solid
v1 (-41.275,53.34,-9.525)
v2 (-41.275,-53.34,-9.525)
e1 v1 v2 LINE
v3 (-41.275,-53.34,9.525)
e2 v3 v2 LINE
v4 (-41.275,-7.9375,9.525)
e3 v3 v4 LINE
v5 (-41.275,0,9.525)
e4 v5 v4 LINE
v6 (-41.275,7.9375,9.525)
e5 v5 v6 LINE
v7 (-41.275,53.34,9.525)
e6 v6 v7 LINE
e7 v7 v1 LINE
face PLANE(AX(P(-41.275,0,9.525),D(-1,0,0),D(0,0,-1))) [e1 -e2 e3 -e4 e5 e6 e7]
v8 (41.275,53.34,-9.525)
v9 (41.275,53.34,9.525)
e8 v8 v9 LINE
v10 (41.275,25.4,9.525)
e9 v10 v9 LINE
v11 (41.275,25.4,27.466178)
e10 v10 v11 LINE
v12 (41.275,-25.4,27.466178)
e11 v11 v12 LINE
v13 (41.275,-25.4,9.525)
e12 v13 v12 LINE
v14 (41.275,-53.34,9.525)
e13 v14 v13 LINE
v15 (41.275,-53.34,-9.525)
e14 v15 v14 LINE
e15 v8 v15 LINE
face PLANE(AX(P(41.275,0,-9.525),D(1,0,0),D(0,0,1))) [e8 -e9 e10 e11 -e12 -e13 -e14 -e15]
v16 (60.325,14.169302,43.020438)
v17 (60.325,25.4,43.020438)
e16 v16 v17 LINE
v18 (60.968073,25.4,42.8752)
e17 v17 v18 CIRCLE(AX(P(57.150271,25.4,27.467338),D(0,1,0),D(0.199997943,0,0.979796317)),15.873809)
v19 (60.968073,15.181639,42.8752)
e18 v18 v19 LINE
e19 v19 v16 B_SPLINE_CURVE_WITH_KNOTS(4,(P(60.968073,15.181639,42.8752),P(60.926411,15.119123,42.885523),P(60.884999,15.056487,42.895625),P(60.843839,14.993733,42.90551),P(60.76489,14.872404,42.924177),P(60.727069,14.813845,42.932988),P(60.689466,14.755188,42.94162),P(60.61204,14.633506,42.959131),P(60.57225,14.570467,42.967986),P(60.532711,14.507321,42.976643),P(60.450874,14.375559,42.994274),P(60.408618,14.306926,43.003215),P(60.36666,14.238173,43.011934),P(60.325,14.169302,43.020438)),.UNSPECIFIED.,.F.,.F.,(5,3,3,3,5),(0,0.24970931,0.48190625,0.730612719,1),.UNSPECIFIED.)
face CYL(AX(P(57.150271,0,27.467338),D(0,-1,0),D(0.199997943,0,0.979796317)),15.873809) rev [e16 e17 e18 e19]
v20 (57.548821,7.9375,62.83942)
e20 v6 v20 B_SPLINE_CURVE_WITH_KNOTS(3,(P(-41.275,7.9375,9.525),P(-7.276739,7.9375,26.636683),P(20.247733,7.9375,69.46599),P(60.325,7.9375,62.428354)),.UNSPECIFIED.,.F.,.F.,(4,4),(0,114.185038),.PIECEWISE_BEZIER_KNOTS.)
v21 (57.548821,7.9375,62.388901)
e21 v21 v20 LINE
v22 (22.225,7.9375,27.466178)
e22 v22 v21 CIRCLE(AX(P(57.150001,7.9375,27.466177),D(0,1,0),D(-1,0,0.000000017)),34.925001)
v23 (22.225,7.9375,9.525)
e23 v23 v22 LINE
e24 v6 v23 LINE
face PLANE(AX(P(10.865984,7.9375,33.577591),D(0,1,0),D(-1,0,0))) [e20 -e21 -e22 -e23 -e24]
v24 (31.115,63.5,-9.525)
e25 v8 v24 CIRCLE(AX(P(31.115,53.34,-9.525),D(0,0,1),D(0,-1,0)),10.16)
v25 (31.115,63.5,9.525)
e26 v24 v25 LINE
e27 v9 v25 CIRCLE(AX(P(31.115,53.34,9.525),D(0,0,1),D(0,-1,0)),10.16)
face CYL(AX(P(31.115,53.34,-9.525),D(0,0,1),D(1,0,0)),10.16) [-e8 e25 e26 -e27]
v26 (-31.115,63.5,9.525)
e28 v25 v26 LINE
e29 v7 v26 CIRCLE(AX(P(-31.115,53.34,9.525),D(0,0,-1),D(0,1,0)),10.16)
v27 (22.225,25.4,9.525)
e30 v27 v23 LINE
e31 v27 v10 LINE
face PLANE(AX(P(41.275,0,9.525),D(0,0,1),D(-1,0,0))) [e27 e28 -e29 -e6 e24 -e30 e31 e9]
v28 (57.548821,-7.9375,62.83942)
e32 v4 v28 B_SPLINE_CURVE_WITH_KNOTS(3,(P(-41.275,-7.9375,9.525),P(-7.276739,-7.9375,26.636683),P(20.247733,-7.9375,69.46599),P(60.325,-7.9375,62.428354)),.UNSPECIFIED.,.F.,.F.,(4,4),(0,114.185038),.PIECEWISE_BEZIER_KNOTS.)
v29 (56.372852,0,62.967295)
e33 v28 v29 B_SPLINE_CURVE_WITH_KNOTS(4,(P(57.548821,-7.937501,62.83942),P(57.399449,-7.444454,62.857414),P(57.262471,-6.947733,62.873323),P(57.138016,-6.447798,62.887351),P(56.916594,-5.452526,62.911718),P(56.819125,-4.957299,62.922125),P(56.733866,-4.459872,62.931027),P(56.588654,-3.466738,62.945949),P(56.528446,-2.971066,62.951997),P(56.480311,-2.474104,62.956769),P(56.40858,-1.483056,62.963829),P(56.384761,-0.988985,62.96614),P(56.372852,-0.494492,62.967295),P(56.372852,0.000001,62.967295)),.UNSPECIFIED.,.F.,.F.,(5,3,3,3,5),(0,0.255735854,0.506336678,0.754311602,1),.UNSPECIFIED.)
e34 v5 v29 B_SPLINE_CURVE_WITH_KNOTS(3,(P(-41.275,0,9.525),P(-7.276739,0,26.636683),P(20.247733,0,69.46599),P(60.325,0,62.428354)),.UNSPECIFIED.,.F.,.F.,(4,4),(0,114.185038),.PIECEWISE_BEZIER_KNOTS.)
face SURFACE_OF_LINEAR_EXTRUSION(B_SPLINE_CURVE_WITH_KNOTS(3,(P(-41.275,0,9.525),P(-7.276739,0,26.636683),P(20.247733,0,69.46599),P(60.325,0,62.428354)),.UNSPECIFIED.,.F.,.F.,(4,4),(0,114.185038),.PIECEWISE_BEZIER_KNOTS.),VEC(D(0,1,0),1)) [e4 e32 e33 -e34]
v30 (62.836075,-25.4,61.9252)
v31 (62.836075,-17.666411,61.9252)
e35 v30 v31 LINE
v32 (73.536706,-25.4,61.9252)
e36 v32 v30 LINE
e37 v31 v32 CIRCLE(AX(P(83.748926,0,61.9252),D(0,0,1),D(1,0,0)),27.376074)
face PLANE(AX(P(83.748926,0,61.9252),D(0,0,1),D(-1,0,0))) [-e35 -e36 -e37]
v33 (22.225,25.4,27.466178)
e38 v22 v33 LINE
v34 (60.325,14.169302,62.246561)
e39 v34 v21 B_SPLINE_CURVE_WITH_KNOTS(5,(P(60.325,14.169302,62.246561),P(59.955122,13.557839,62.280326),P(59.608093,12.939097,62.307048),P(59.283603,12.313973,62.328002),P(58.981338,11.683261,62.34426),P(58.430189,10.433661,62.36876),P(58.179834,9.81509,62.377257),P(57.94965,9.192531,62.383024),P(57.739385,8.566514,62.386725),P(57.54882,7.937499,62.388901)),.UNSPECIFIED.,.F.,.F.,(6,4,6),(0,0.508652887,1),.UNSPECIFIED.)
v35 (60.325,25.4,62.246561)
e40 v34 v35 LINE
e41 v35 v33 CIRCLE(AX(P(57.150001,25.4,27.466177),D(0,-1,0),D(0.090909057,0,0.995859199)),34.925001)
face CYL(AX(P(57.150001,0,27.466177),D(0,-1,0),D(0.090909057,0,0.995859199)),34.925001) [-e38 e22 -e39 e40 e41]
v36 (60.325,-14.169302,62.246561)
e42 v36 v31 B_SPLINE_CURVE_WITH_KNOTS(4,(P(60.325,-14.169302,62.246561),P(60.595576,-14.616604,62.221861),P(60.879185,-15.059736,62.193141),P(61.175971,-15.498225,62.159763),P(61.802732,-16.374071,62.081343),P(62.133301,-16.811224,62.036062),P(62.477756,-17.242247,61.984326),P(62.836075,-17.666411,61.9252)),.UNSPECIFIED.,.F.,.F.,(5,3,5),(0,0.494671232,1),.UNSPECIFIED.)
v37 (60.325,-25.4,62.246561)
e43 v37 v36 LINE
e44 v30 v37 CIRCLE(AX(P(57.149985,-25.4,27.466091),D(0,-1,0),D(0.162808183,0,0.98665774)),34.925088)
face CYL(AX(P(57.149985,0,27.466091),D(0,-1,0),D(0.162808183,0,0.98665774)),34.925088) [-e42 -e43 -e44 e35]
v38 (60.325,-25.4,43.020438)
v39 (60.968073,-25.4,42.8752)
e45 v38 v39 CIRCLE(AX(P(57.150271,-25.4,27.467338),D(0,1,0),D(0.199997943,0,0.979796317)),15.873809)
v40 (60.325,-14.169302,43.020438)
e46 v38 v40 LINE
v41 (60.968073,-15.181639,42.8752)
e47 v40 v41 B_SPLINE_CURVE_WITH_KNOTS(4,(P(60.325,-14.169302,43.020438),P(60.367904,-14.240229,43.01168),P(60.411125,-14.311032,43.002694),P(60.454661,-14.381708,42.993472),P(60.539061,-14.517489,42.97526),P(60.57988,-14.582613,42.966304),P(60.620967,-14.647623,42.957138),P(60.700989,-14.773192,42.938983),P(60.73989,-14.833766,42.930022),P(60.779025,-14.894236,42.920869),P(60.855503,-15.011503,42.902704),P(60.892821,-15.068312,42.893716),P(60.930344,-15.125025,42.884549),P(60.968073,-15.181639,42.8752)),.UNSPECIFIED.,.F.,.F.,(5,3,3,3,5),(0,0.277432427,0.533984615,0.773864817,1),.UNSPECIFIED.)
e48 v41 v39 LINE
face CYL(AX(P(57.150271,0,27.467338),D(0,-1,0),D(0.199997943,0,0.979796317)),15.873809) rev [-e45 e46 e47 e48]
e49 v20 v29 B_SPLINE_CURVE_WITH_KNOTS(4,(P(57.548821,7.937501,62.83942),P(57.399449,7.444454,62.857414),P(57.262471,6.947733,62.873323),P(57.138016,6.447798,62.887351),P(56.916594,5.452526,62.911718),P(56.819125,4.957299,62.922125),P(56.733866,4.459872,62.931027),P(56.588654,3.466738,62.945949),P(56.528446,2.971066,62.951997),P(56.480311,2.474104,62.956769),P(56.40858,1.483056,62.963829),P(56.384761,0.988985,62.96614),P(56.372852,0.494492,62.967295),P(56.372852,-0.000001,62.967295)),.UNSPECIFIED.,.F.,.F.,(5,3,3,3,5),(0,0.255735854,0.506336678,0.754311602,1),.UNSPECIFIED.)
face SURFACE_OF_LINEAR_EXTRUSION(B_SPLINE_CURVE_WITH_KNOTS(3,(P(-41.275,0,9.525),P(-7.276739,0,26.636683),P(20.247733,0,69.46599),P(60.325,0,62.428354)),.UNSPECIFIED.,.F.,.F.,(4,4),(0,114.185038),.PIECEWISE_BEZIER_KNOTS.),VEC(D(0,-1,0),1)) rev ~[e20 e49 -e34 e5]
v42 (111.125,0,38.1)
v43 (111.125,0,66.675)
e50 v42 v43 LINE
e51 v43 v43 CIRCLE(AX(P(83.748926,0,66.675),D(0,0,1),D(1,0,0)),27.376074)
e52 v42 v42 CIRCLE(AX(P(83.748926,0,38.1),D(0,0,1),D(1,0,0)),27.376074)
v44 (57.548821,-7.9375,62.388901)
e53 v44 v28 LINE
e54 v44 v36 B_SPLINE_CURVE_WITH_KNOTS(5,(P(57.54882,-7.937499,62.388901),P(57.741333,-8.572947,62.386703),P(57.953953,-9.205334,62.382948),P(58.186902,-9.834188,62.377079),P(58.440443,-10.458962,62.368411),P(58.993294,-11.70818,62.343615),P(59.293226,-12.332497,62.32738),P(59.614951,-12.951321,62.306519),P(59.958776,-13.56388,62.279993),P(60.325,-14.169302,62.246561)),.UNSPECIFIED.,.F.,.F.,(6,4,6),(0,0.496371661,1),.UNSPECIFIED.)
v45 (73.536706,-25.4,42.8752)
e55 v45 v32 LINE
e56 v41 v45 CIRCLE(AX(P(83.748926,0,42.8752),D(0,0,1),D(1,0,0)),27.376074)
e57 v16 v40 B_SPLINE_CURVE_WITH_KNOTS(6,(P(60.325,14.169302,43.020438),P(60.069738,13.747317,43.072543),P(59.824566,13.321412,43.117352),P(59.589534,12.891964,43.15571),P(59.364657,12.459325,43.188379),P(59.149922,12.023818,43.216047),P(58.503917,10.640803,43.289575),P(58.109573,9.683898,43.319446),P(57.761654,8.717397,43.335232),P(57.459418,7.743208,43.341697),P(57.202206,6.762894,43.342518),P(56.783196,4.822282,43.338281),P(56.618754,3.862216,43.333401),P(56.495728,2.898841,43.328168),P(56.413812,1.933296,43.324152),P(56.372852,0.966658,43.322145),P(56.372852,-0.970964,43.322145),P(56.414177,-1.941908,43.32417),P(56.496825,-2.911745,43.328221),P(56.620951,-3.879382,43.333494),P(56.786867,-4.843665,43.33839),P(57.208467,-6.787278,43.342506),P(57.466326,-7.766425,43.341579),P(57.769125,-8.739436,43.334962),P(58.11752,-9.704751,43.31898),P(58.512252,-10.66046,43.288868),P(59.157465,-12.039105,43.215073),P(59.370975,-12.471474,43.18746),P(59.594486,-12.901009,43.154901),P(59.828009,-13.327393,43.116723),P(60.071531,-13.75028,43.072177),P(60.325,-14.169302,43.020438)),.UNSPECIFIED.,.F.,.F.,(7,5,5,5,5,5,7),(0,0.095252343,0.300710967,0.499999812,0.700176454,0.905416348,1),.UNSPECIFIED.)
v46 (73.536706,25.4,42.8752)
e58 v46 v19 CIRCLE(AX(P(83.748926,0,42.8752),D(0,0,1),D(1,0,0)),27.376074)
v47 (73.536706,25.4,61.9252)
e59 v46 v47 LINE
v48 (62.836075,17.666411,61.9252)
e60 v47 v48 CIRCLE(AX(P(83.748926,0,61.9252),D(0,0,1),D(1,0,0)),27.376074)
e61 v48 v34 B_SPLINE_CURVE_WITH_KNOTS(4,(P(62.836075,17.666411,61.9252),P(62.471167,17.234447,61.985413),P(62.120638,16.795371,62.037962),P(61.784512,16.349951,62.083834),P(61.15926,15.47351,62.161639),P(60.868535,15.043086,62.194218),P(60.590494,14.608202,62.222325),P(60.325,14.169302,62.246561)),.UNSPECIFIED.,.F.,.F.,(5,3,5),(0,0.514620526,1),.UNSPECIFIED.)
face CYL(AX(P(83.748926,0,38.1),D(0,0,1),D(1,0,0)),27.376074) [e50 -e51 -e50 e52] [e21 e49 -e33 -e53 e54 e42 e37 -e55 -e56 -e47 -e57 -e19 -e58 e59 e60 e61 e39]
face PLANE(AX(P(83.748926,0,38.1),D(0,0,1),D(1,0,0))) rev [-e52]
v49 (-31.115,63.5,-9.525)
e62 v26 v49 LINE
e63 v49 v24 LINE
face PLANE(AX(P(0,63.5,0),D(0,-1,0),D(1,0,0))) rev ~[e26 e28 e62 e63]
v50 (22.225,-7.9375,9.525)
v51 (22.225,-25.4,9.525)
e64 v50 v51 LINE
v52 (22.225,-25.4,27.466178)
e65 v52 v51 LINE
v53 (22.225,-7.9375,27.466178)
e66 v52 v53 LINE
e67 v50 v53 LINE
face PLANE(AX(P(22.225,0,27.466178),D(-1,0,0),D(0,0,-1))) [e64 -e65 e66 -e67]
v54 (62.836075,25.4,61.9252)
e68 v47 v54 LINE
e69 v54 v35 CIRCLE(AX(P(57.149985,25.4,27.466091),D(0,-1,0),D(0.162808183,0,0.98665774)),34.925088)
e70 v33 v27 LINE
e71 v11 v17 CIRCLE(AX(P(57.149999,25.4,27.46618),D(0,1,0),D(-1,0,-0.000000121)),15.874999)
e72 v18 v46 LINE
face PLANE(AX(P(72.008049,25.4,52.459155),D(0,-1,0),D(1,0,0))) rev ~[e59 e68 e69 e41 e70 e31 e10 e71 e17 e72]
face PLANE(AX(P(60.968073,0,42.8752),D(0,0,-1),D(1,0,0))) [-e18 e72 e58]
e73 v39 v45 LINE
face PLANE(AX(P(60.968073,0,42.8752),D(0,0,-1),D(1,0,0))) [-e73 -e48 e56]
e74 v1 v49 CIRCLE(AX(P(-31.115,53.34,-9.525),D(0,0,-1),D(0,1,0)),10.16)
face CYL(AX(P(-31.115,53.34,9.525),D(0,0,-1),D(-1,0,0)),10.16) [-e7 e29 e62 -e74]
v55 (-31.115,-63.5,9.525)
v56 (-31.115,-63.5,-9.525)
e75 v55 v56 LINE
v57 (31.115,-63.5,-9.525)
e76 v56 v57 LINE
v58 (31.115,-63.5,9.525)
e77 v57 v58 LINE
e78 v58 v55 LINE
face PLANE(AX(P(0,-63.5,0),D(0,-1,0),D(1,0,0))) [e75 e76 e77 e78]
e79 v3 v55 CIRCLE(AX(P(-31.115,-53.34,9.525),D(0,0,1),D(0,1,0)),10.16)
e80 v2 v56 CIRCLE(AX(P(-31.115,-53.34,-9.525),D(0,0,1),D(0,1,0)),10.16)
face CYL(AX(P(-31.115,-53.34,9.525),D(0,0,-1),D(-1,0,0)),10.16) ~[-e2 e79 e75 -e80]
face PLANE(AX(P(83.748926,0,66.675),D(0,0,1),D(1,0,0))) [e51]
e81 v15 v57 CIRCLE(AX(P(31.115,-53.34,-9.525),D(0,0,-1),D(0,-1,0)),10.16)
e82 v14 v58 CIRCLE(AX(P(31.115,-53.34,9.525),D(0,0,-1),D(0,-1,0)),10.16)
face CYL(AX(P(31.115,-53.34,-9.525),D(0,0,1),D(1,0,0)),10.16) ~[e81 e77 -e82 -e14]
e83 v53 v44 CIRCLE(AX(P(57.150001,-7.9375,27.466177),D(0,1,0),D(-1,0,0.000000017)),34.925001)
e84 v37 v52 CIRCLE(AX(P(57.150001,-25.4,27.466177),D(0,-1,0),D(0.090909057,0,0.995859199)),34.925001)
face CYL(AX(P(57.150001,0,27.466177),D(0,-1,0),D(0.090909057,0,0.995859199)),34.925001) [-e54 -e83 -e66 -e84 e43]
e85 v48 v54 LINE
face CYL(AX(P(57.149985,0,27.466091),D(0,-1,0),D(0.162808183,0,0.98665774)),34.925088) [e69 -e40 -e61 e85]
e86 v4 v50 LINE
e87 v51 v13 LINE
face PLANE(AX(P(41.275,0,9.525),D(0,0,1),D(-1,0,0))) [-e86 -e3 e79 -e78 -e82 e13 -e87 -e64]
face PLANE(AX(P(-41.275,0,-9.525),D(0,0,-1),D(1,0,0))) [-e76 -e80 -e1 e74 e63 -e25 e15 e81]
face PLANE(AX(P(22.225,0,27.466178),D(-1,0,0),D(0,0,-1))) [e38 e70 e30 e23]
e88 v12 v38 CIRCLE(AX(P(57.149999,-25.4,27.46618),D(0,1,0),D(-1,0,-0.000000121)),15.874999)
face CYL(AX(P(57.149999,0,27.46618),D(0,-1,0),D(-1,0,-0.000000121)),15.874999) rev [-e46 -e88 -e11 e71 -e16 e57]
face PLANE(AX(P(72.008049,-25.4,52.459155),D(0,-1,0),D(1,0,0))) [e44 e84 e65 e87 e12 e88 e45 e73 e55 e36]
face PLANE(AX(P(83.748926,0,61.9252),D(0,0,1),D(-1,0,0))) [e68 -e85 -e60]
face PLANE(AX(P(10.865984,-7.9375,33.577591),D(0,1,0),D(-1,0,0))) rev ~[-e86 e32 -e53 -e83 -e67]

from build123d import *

# Parameters (mm, degrees)
F1_DEPTH = 63.5
F2_DEPTH = 25.4
F3_DEPTH = 25.4
F4_DEPTH = 7.9375
F6_R     = 10.16


with BuildPart() as f1:
    # F0 (on Front) → F1 (new body, symmetric)
    with BuildSketch(Plane.XZ):
        Polygon((22.225, 9.525), (-41.275, 9.525), (-41.275, -9.525), (41.275, -9.525), (41.275, 9.525), align=None)
    extrude(amount=F1_DEPTH, both=True)

    # F0 (on Front) → F2 (join, symmetric)
    with BuildSketch(Plane.XZ):
        with BuildLine():
            Line((22.225, 27.466178), (22.225, 9.525))
            Line((22.225, 9.525), (41.275, 9.525))
            Line((41.275, 9.525), (41.275, 27.466178))
            ThreePointArc((41.275, 27.466178), (47.109768, 39.762901), (60.325, 43.020438))
            Line((60.325, 43.020438), (60.325, 62.246561))
            ThreePointArc((60.325, 62.246561), (33.60357, 53.26), (22.225, 27.466178))
        make_face()
    extrude(amount=F2_DEPTH, both=True)

    # F0 (on Front) → F3 (join, symmetric)
    with BuildSketch(Plane.XZ):
        with BuildLine():
            ThreePointArc((62.836075, 61.9252), (61.58345, 62.10864), (60.325, 62.246561))
            Line((60.325, 62.246561), (60.325, 43.020438))
            ThreePointArc((60.325, 43.020438), (60.64729, 42.951158), (60.968073, 42.8752))
            Line((60.968073, 42.8752), (83.748926, 42.8752))
            Line((83.748926, 42.8752), (83.748926, 61.9252))
            Line((83.748926, 61.9252), (62.836075, 61.9252))
        make_face()
    extrude(amount=F3_DEPTH, both=True)

    # F0 (on Front) → F4 (join, symmetric)
    with BuildSketch(Plane.XZ):
        with BuildLine():
            add(Edge.make_bspline(
                [(-41.275, 9.525), (-7.276739, 26.636683), (20.247733, 69.46599), (60.325, 62.428354)],
                knots=[0, 0, 0, 0, 114.185038, 114.185038, 114.185038, 114.185038], degree=3))
            Line((-41.275, 9.525), (22.225, 9.525))
            Line((22.225, 9.525), (22.225, 27.466178))
            ThreePointArc((22.225, 27.466178), (33.60357, 53.26), (60.325, 62.246561))
            Line((60.325, 62.246561), (60.325, 62.428354))
        make_face()
    extrude(amount=F4_DEPTH, both=True)

    # F0 (on Front) → F5 (revolve)
    with BuildSketch(Plane.XZ):
        Polygon((111.125, 66.675), (83.748926, 66.675), (83.748926, 61.9252), (83.748926, 42.8752), (83.748926, 38.1), (111.125, 38.1), align=None)
    revolve(axis=Axis((83.748926, 0, 52.3875), (0, 0, 1)))

    # F6
    f6_edges = [f1.edges().sort_by_distance(p)[0] for p in [
        (41.275, 63.5, 0),
        (-41.275, 63.5, 0),
        (41.275, -63.5, 0),
        (-41.275, -63.5, 0),
    ]]
    fillet(f6_edges, radius=F6_R)


solid = f1.part
